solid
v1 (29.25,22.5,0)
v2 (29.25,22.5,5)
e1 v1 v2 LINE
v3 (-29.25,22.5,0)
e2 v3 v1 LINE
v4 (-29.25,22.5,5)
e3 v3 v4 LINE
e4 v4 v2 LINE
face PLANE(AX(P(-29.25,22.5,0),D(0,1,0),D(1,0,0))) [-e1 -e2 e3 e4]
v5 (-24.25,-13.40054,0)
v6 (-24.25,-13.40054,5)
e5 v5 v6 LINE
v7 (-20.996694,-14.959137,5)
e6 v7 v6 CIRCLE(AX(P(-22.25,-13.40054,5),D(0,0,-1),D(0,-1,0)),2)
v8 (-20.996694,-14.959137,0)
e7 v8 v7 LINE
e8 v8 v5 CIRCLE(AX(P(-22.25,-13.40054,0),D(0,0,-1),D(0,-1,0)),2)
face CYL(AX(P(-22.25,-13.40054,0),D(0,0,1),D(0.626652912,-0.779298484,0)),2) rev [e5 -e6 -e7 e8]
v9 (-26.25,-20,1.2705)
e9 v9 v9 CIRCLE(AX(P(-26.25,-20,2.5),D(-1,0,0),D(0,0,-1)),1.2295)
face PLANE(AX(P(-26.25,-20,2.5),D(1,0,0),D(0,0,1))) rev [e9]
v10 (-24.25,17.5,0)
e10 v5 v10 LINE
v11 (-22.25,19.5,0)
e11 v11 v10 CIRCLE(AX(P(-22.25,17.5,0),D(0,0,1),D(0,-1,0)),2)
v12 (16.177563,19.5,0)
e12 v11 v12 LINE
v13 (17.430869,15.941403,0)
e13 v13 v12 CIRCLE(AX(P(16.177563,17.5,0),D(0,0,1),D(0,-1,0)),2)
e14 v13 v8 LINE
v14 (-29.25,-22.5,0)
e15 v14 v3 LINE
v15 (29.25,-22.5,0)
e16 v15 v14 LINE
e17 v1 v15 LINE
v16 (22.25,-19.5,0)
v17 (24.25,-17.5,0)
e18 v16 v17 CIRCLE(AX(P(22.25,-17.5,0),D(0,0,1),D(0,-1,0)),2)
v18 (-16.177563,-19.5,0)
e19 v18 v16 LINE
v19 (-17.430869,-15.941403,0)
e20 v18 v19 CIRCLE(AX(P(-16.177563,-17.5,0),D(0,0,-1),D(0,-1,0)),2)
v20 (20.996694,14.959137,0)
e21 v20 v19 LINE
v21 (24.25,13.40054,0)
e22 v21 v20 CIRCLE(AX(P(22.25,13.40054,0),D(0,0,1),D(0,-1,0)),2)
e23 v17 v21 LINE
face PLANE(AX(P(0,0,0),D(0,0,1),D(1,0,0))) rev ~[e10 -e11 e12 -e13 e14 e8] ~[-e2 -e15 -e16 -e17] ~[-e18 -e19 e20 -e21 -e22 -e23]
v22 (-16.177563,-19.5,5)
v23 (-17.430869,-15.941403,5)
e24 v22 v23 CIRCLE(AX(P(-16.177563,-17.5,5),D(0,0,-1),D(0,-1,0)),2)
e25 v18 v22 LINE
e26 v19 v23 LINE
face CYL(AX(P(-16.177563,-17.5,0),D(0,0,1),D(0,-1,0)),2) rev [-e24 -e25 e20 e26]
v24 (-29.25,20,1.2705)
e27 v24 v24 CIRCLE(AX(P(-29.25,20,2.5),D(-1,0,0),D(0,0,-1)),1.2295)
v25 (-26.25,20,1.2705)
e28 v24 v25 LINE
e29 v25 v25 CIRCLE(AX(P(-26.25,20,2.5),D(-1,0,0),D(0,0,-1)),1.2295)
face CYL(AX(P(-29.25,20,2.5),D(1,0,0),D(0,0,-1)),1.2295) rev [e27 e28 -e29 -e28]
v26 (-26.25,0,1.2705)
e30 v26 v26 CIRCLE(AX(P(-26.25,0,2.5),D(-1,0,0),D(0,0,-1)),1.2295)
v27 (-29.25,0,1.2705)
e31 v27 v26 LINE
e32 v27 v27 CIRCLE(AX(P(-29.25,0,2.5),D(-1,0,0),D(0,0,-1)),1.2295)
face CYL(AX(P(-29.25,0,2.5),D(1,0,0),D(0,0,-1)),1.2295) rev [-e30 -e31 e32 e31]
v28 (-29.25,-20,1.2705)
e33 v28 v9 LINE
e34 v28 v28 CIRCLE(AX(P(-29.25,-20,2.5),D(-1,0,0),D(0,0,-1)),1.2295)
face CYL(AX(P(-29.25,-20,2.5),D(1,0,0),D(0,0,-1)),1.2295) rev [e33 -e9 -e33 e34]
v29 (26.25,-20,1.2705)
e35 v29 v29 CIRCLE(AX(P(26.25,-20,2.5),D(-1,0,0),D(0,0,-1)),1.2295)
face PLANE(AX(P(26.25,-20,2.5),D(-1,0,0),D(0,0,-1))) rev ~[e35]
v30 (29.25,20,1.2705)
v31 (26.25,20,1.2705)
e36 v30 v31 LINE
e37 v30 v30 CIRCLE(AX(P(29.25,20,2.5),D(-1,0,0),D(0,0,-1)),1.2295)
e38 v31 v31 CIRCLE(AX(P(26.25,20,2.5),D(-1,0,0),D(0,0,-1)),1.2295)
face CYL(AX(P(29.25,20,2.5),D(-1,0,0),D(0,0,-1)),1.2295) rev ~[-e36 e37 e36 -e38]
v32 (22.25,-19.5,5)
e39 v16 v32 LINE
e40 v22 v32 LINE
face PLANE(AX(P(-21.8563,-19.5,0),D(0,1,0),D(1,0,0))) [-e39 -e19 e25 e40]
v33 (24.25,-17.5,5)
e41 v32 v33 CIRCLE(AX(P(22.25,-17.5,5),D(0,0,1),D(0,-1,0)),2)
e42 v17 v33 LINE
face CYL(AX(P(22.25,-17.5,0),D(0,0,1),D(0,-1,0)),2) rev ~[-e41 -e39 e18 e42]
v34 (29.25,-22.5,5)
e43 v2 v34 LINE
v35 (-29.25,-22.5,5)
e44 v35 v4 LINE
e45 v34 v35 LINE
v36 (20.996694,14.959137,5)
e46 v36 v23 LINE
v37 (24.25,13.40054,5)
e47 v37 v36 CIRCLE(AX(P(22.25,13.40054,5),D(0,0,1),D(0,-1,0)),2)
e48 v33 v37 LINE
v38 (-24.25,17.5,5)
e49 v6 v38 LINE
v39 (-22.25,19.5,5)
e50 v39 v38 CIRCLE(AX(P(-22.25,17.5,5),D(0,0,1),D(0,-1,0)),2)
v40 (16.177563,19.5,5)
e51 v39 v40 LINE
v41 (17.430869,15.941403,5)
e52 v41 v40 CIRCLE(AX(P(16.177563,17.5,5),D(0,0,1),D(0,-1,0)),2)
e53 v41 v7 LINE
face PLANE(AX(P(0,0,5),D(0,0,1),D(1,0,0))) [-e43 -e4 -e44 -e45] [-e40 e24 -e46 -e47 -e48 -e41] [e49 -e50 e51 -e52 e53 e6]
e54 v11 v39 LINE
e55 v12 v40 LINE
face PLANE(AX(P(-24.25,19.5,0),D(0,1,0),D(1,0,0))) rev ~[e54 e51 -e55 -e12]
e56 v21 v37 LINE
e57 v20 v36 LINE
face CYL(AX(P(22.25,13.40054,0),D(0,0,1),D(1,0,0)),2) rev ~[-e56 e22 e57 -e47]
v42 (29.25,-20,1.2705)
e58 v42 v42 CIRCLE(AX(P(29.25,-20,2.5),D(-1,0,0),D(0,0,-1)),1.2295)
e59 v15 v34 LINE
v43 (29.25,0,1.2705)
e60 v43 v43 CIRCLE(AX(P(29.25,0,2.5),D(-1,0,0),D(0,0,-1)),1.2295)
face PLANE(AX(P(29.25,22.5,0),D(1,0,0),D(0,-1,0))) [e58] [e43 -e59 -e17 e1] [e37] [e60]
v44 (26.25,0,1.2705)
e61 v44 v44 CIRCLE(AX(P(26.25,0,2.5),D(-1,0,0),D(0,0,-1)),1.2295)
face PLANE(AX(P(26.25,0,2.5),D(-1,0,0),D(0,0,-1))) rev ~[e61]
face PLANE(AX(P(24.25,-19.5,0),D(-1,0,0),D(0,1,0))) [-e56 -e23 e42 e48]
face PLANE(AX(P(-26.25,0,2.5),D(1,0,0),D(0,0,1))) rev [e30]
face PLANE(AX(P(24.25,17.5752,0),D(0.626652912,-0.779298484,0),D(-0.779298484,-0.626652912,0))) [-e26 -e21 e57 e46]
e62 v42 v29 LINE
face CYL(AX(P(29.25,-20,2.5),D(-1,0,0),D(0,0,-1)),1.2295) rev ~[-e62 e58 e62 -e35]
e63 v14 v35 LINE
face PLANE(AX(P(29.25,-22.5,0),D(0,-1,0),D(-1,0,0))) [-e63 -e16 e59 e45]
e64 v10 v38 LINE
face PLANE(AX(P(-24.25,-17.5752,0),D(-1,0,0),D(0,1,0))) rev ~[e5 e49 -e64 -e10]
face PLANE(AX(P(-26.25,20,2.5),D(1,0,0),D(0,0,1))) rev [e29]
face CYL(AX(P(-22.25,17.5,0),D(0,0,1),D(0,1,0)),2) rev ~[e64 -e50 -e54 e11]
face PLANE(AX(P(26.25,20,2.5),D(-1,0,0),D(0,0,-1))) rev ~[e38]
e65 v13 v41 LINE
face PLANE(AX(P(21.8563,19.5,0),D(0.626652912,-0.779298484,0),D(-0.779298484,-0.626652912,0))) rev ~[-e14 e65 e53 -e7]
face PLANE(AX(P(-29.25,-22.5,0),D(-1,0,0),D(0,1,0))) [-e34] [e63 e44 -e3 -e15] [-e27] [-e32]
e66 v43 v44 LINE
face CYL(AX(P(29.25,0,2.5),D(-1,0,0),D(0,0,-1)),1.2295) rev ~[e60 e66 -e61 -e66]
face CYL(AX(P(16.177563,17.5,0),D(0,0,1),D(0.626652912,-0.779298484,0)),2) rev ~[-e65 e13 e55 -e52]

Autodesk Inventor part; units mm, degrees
ref_plane "YZ Plane" through (0, 0, 0) normal (1, 0, 0) x (0, 1, 0)
ref_plane "XZ Plane" through (0, 0, 0) normal (0, 1, 0) x (-1, 0, 0)
ref_plane "XY Plane" through (0, 0, 0) normal (0, 0, 1) x (1, 0, 0)
sketch "スケッチ1" plane through (0, 0, 0) normal (0, 0, 1) x (1, 0, 0)
  line L0 (-29.25, 22.5) -> (29.25, 22.5)
  line L1 (29.25, 22.5) -> (29.25, -22.5)
  line L2 (29.25, -22.5) -> (-29.25, -22.5)
  line L3 (-29.25, -22.5) -> (-29.25, 22.5)
  line L4 (-24.25, 19.5) -> (24.25, 19.5) construction
  line L5 (24.25, 19.5) -> (24.25, -19.5) construction
  line L6 (24.25, -19.5) -> (-24.25, -19.5) construction
  line L7 (-24.25, -19.5) -> (-24.25, 19.5) construction
  line L8 (24.25, 19.5) -> (-24.25, -19.5) construction
  line L9 (-24.25, -17.5752) -> (-24.25, 19.5)
  line L10 (-24.25, 19.5) -> (21.8563, 19.5)
  line L11 (21.8563, 19.5) -> (-24.25, -17.5752)
  line L12 (-21.8563, -19.5) -> (24.25, -19.5)
  line L13 (24.25, -19.5) -> (24.25, 17.5752)
  line L14 (24.25, 17.5752) -> (-21.8563, -19.5)
  line L15 (-29.25, 20) -> (29.25, 20) construction
  line L16 (29.25, -20) -> (-29.25, -20) construction
  line L17 (29.25, 20) -> (29.25, -20) construction
  point P0 (0, 0)
  point P1 (0, 19.5)
  point P2 (0, 22.5)
  point P3 (24.25, 0)
  point P4 (29.25, 0)
  dimension "d0" = 5
  dimension "d1" = 3
  dimension "d2" = 1.5
  dimension "d3" = 40
  dimension "d4" = 2.5
  dimension "d19" = 58.5
extrude "押し出し1" add sketch "スケッチ1" along normal blind 5
sketch "スケッチ2" plane through (29.25, -22.5, 0) normal (1, 0, 0) x (0, 0, -1)
  line L0 (0, 45) -> (-5, 45) projected
  line L1 (-5, 0) -> (-5, 45) projected
  line L2 (0, 22.5) -> (-5, 22.5) construction
  point P0 (-2.5, 2.5)
  point P1 (-2.5, 22.5)
  point P2 (-2.5, 42.5)
  point P3 (-2.5, 45)
  dimension "d7" = 40
hole "穴1" at (29.25, -20, 2.5) at (29.25, 0, 2.5) at (29.25, 20, 2.5) direction (-1, 0, 0) diameter 2.459 depth 3 thread size "M3x0.5" class "6H" standard "ISO Metric profile"
mirror "ミラー1" about plane through (0, 0, 0) normal (1, 0, 0) of "穴1"
fillet "フィレット1" radius 2 6 edges at (-21.8563, -19.5, 2.5) (-24.25, -17.5752, 2.5) (24.25, 17.5752, 2.5) (24.25, -19.5, 2.5) (-24.25, 19.5, 2.5) (21.8563, 19.5, 2.5)
equation "\"d3\" = d11_1"
equation "\"d7\" = d3"
equation "\"d11_1\" = 40"
properties part number "リンク_ふくらはぎ_サブフレーム_1_1(予備案)" material "アルミニウム 2014-T4"
